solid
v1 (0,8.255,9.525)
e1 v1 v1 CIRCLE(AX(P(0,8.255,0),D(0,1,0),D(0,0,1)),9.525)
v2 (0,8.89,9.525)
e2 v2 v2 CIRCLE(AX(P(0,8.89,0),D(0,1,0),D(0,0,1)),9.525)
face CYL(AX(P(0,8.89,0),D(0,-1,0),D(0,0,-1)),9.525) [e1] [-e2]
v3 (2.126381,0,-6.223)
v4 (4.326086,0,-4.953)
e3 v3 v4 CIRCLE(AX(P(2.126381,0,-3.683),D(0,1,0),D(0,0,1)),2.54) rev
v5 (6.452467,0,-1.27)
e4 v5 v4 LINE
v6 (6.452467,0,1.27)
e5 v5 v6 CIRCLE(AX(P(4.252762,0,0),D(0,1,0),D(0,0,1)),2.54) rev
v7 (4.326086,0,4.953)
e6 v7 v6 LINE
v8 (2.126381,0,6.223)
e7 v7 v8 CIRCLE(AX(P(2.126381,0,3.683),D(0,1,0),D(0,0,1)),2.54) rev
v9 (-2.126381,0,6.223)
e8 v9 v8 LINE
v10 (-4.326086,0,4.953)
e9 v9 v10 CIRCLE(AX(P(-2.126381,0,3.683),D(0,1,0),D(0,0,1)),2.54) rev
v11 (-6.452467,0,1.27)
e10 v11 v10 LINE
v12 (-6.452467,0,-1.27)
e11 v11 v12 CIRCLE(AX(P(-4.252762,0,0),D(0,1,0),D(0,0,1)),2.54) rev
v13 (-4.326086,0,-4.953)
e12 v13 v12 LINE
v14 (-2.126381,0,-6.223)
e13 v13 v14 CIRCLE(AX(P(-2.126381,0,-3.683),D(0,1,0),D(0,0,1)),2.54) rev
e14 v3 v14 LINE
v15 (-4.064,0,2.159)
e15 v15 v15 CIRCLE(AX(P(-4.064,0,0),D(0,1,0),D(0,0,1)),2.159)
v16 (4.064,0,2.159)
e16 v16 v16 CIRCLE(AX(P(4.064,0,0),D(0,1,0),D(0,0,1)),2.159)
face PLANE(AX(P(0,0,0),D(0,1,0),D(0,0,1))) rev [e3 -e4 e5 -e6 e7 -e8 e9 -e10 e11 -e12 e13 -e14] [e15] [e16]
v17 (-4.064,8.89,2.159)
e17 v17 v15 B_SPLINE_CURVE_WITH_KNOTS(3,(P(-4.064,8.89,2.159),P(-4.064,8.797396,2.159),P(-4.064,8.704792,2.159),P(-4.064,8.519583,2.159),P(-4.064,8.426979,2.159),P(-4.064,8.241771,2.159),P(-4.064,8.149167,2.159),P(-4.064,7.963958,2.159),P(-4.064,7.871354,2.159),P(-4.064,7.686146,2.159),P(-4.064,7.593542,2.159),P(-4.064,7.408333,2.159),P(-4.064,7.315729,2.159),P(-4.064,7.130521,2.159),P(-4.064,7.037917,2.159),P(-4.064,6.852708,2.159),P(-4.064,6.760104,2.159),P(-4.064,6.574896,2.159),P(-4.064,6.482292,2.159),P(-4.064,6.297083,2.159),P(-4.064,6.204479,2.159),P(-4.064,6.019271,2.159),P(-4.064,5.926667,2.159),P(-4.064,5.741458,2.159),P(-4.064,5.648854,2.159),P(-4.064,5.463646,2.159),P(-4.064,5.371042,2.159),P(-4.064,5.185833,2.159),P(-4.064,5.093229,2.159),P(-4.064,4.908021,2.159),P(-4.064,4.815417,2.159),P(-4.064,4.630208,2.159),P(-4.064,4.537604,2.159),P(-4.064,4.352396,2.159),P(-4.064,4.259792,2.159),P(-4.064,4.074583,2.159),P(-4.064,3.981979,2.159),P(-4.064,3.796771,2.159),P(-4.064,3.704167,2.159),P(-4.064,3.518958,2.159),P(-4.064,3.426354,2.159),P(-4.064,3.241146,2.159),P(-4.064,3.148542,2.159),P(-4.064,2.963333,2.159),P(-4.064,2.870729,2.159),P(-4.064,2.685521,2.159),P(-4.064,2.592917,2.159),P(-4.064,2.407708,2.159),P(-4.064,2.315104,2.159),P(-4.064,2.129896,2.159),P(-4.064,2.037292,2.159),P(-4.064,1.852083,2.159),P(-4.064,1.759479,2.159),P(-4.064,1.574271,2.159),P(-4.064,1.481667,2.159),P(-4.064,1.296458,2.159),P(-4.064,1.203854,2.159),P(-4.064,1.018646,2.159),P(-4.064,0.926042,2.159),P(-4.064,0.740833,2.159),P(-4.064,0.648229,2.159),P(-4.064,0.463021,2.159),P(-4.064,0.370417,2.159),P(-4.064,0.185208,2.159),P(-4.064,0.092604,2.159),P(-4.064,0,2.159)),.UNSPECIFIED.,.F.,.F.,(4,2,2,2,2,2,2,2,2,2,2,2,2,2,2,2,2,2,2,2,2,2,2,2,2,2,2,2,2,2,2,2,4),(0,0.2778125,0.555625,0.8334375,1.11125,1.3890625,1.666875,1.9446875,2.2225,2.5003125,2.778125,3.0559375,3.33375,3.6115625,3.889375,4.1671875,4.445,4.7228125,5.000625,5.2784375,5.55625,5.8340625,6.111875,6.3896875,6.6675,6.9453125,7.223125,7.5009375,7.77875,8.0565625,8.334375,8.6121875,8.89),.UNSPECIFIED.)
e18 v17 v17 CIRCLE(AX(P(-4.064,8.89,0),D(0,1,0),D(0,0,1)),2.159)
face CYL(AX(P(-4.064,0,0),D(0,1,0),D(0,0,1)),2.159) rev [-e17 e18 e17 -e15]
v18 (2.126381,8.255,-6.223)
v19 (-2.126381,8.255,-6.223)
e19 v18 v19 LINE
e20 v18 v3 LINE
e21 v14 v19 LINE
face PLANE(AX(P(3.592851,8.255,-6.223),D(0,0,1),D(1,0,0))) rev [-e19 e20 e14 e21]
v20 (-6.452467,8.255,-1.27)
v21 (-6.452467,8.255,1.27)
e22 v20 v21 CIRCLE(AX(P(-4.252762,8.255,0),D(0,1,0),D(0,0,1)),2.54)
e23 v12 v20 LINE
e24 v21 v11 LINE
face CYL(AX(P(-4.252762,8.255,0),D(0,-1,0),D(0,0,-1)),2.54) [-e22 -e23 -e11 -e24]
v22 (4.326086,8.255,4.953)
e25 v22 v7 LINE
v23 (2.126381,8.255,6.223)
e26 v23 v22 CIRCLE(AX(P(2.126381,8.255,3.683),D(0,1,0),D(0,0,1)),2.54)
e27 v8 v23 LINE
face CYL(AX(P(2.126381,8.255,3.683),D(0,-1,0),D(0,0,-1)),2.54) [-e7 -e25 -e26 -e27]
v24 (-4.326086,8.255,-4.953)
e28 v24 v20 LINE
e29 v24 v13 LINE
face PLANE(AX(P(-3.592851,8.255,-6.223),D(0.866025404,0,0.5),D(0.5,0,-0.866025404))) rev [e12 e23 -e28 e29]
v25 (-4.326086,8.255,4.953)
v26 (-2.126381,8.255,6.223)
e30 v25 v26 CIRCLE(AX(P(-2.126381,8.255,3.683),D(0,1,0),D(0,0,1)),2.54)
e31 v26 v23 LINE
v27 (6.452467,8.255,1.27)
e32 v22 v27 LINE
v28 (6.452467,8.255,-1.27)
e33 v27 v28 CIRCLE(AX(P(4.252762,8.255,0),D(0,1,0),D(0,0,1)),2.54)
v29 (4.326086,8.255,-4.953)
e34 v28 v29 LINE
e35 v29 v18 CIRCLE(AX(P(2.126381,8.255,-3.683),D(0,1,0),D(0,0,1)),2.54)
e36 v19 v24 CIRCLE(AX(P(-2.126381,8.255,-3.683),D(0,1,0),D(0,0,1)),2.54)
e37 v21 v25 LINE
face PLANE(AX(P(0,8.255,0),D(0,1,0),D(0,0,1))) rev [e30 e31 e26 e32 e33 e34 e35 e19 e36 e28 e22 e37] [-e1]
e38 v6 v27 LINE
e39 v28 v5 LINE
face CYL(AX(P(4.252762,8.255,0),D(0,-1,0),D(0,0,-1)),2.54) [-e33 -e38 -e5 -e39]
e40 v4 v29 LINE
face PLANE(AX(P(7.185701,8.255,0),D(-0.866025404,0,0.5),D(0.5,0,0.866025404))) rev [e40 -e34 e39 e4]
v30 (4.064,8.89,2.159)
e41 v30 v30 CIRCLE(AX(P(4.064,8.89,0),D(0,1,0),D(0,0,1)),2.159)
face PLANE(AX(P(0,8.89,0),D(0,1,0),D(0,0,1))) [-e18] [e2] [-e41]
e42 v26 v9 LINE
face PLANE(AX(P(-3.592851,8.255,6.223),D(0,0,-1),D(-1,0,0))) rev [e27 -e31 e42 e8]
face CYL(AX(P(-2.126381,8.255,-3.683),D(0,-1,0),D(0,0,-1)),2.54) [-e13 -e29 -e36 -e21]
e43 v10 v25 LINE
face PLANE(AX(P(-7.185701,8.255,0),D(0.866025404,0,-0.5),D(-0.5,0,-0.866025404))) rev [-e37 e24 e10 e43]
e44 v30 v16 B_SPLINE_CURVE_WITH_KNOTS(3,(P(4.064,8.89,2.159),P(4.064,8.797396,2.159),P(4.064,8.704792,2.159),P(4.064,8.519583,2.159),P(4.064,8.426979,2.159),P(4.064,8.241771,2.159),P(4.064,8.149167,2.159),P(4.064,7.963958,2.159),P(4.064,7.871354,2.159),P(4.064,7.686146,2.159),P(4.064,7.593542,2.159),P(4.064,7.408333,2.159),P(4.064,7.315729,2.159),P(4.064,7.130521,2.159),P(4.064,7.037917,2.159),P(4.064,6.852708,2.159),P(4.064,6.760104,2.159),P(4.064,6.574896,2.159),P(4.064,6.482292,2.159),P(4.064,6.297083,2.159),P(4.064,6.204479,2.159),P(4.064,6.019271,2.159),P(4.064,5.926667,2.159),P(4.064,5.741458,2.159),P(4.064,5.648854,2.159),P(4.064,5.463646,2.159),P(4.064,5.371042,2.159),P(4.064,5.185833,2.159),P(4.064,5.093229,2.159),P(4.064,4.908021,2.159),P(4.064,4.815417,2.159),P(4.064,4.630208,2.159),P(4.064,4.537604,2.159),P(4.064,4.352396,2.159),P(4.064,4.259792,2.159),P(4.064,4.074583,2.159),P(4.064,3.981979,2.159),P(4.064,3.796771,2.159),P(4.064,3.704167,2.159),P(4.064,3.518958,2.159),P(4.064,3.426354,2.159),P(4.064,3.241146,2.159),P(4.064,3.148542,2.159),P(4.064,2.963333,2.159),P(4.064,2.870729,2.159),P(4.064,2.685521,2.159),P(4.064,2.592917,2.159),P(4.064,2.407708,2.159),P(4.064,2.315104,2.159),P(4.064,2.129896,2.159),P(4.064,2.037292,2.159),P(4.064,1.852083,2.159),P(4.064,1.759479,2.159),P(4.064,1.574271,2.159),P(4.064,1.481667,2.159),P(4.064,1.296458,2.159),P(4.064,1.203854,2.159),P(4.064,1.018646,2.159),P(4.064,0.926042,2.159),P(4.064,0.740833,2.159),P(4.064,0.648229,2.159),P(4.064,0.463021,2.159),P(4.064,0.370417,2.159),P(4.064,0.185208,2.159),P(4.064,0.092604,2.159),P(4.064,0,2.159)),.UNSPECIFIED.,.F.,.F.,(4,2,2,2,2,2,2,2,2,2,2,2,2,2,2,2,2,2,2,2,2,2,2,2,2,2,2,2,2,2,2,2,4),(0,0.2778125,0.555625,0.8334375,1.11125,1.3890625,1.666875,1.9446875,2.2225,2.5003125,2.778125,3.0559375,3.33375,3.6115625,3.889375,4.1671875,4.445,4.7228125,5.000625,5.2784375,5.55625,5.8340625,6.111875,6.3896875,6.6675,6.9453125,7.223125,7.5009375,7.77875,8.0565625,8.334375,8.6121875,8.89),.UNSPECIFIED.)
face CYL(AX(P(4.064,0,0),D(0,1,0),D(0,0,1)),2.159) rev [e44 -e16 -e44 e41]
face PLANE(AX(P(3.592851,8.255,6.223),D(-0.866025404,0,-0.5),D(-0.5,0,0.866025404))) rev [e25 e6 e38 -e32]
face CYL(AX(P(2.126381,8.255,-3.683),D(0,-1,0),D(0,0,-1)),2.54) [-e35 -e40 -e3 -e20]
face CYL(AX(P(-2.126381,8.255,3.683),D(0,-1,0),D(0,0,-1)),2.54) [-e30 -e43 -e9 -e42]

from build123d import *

# Parameters (mm, degrees)
BOSS_EXTRUDE1_DEPTH     = 8.255
SKETCH2_R               = 9.525
BOSS_EXTRUDE2_DEPTH     = 0.635
CUT_EXTRUDE1_DEPTH      = 17.139496584
CUT_EXTRUDE1_DEPTH_BACK = 17.139496584
SKETCH3_R               = 2.159
FILLET1_R               = 2.54


with BuildPart() as part:
    # Sketch1 → Boss-Extrude1 (new body)
    with BuildSketch(Plane(origin=(0, 0, 0), x_dir=(1, 0, 0), z_dir=(0, 1, 0))):
        Polygon((7.18570145, 0), (3.592850725, 6.223), (-3.592850725, 6.223), (-7.18570145, 0), (-3.592850725, -6.223), (3.592850725, -6.223), align=None)
    extrude(amount=BOSS_EXTRUDE1_DEPTH)

    # Sketch2 → Boss-Extrude2 (add)
    with BuildSketch(Plane(origin=(0, 8.255, 0), x_dir=(1, 0, 0), z_dir=(0, 1, 0))):
        with Locations(Location((0, 0, 0), (0, 0, 270))):
            Circle(SKETCH2_R)
    extrude(amount=BOSS_EXTRUDE2_DEPTH)

    # Sketch3 → Cut-Extrude1 (cut, two sides: drawn at the far end of the back side and taken through both)
    with BuildSketch(Plane(origin=(0, 8.89, 0), x_dir=(1, 0, 0), z_dir=(0, 1, 0)).offset(-CUT_EXTRUDE1_DEPTH_BACK)):
        with Locations(Location((-4.064, 0, 0), (0, 0, 270))):
            Circle(SKETCH3_R)
        with Locations(Location((4.064, 0, 0), (0, 0, 270))):
            Circle(SKETCH3_R)
    extrude(amount=CUT_EXTRUDE1_DEPTH + CUT_EXTRUDE1_DEPTH_BACK, mode=Mode.SUBTRACT)

    # Fillet1
    fillet1_edges = [part.edges().sort_by_distance(p)[0] for p in [
        (3.592850725, 4.1275, 6.223),
        (-3.592850725, 4.1275, 6.223),
        (-7.18570145, 4.1275, 0),
        (-3.592850725, 4.1275, -6.223),
        (3.592850725, 4.1275, -6.223),
        (7.18570145, 4.1275, 0),
    ]]
    fillet(fillet1_edges, radius=FILLET1_R)


solid = part.part
